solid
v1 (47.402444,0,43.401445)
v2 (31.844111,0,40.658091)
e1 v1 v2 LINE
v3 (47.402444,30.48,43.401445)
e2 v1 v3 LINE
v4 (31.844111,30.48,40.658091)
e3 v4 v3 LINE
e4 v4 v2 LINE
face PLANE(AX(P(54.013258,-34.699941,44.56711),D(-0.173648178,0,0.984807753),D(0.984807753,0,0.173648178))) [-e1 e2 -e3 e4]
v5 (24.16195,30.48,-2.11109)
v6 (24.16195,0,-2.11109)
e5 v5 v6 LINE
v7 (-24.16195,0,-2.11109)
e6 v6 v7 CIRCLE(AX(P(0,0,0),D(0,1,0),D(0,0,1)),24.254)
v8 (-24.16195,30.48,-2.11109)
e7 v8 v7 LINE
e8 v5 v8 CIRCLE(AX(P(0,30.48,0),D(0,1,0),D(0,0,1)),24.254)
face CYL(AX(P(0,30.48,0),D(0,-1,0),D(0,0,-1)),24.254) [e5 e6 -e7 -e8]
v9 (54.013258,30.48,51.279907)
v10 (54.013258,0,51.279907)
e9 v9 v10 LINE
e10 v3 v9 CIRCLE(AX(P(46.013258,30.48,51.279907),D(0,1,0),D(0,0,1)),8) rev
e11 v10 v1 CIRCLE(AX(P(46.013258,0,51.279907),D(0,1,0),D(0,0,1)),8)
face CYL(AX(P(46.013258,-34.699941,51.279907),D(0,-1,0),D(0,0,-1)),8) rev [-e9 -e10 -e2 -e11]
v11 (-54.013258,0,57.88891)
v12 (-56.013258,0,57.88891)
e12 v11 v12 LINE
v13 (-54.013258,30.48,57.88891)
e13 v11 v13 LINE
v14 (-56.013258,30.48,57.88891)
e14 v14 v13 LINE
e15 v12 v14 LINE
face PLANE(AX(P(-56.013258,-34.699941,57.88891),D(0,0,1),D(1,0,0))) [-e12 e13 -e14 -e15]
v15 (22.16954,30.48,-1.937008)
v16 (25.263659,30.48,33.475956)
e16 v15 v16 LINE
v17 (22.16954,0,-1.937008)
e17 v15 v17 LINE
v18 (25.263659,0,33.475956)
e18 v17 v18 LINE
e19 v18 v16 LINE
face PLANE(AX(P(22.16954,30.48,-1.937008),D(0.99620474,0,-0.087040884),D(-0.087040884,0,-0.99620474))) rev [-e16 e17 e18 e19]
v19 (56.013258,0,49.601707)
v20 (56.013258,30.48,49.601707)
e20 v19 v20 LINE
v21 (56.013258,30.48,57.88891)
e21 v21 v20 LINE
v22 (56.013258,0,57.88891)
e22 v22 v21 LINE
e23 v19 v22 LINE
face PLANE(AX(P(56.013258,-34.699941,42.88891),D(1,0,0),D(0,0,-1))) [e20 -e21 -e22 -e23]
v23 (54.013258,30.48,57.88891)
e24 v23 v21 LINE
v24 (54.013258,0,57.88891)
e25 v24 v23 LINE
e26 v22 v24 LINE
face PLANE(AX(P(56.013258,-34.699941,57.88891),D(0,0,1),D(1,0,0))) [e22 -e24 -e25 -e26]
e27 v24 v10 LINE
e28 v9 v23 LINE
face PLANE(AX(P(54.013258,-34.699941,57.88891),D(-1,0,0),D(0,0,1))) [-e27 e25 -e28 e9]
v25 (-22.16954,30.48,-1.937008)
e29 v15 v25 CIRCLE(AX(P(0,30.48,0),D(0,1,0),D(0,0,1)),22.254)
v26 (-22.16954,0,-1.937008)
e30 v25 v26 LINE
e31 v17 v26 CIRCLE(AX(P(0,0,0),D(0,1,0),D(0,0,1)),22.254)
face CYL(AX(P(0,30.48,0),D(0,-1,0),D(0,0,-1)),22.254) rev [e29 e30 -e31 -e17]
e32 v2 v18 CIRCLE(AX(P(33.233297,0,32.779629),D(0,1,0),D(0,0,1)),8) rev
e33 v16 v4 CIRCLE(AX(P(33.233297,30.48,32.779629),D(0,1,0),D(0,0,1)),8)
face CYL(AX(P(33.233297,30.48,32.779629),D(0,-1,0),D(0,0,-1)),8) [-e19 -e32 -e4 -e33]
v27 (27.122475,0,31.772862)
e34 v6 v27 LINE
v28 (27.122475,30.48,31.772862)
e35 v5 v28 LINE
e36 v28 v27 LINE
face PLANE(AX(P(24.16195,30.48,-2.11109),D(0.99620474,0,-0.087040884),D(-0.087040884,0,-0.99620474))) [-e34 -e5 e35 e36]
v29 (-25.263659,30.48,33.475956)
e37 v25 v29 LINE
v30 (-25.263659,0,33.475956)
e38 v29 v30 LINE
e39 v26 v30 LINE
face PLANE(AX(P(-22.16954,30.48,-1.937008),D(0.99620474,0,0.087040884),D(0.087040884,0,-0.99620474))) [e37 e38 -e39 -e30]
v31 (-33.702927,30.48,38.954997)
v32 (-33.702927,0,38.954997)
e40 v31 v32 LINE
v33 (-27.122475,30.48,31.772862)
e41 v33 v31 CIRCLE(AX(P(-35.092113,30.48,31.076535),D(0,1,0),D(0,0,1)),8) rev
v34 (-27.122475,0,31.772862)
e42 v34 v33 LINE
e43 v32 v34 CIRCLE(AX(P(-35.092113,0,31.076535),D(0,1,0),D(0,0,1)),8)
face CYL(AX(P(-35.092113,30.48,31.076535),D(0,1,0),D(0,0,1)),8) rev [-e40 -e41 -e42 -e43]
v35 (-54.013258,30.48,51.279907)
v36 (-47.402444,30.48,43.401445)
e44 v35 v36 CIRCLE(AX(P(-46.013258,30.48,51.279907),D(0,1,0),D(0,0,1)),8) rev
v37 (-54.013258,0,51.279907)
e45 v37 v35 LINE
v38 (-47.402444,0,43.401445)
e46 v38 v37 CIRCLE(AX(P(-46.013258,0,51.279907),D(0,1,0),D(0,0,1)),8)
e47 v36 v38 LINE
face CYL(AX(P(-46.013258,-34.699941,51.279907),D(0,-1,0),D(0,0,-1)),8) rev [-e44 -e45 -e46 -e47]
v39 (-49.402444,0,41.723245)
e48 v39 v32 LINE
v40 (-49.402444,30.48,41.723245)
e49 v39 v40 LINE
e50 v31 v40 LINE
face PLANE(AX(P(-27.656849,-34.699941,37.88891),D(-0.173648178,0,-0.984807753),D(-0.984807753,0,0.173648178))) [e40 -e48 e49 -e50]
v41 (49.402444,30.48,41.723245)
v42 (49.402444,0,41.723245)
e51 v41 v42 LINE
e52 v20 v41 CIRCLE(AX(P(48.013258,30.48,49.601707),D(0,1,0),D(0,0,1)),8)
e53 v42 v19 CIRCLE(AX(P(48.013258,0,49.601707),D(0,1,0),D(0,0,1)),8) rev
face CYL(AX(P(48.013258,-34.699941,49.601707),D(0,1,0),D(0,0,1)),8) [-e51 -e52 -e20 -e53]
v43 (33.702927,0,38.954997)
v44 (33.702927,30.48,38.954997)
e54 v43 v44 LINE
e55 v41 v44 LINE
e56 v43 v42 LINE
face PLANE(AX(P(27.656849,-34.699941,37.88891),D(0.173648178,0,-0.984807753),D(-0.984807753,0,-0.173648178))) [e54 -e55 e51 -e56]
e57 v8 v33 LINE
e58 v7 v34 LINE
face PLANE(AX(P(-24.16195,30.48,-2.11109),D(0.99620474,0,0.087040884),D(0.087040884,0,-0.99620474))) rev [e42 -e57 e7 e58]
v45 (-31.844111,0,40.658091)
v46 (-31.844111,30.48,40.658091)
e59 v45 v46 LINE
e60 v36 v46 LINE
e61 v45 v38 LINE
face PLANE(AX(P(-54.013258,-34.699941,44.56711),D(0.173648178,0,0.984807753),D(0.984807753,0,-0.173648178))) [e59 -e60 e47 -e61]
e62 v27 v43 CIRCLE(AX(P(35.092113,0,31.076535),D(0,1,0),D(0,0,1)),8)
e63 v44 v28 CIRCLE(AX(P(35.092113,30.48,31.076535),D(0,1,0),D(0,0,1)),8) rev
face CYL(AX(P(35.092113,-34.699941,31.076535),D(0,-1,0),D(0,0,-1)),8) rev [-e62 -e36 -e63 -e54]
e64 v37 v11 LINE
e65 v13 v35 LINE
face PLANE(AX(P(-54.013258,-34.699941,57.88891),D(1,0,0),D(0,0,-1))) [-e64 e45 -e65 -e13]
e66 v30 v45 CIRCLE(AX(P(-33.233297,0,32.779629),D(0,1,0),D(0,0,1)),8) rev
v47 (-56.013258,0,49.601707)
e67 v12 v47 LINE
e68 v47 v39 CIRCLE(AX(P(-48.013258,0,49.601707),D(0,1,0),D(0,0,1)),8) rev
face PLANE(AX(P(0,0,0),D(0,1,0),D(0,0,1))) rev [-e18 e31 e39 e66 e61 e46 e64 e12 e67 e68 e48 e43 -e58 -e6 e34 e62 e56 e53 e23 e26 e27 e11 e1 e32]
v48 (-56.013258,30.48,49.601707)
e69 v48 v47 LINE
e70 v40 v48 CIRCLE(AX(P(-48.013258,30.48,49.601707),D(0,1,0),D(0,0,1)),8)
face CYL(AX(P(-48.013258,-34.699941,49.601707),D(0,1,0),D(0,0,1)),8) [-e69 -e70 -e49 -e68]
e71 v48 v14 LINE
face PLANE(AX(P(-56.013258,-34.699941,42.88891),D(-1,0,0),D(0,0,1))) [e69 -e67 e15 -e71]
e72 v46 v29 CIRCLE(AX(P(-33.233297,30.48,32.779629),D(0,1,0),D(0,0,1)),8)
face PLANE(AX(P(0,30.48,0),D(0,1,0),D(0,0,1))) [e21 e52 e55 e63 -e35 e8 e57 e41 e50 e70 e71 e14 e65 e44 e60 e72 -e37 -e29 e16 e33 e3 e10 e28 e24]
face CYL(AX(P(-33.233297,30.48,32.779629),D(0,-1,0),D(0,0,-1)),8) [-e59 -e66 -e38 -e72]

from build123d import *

# Parameters (mm, degrees)
BOSS_EXTRUDE2_DEPTH = 30.48
BOSS_EXTRUDE3_DEPTH = 30.48
CUT_EXTRUDE2_DEPTH  = 87.125730482
FILLET1_R           = 8


with BuildPart() as part:
    # Sketch1 → Boss-Extrude2 (new body)
    with BuildSketch(Plane(origin=(0, 0, 0), x_dir=(1, 0, 0), z_dir=(0, 1, 0))):
        with BuildLine():
            ThreePointArc((-22.169540289, 1.937007843), (0, 22.254), (22.169540289, 1.937007843))
            Line((22.169540289, 1.937007843), (27.396679476, -57.888910388))
            Line((27.396679476, -57.888910388), (29.404298913, -57.888910388))
            Line((29.404298913, -57.888910388), (24.161949769, 2.111089612))
            ThreePointArc((24.161949769, 2.111089612), (0, 24.254), (-24.161949769, 2.111089612))
            Line((-24.161949769, 2.111089612), (-29.404298913, -57.888910388))
            Line((-29.404298913, -57.888910388), (-27.396679476, -57.888910388))
            Line((-27.396679476, -57.888910388), (-22.169540289, 1.937007843))
        make_face()
    extrude(amount=BOSS_EXTRUDE2_DEPTH)

    # Sketch2 → Boss-Extrude3 (add)
    with BuildSketch(Plane(origin=(0, 30.48, 0), x_dir=(1, 0, 0), z_dir=(0, 1, 0))):
        Polygon((-27.656849199, -37.888910388), (-56.013258297, -42.888910388), (-56.013258297, -57.888910388), (-54.013258297, -57.888910388), (-54.013258297, -44.567109651), (-27.837066341, -39.951540757), align=None)
        Polygon((54.013258297, -44.567109651), (27.837066341, -39.951540757), (27.656849199, -37.888910388), (56.013258297, -42.888910388), (56.013258297, -57.888910388), (54.013258297, -57.888910388), align=None)
    extrude(amount=-BOSS_EXTRUDE3_DEPTH)

    # Sketch5 → Cut-Extrude2 (cut, through all)
    with BuildSketch(Plane(origin=(0, 30.48, 0), x_dir=(1, 0, 0), z_dir=(0, 1, 0))):
        Polygon((0, -35.043114897), (-25.798033303, -39.592004218), (-27.396679476, -57.888910388), (27.396679476, -57.888910388), (25.798033303, -39.592004218), align=None)
        Polygon((-25.798033303, -39.592004218), (-27.837066341, -39.951540757), (-29.404298913, -57.888910388), (-27.396679476, -57.888910388), align=None)
        Polygon((27.837066341, -39.951540757), (25.798033303, -39.592004218), (27.396679476, -57.888910388), (29.404298913, -57.888910388), align=None)
    extrude(amount=-CUT_EXTRUDE2_DEPTH, mode=Mode.SUBTRACT)

    # Fillet1
    fillet1_edges = [part.edges().sort_by_distance(p)[0] for p in [
        (-27.656849199, 15.24, 37.888910388),
        (-54.013258297, 15.24, 44.567109651),
        (-56.013258297, 15.24, 42.888910388),
        (54.013258297, 15.24, 44.567109651),
        (27.656849199, 15.24, 37.888910388),
        (56.013258297, 15.24, 42.888910388),
        (-25.798033303, 15.24, 39.592004218),
        (25.798033303, 15.24, 39.592004218),
    ]]
    fillet(fillet1_edges, radius=FILLET1_R)


solid = part.part
